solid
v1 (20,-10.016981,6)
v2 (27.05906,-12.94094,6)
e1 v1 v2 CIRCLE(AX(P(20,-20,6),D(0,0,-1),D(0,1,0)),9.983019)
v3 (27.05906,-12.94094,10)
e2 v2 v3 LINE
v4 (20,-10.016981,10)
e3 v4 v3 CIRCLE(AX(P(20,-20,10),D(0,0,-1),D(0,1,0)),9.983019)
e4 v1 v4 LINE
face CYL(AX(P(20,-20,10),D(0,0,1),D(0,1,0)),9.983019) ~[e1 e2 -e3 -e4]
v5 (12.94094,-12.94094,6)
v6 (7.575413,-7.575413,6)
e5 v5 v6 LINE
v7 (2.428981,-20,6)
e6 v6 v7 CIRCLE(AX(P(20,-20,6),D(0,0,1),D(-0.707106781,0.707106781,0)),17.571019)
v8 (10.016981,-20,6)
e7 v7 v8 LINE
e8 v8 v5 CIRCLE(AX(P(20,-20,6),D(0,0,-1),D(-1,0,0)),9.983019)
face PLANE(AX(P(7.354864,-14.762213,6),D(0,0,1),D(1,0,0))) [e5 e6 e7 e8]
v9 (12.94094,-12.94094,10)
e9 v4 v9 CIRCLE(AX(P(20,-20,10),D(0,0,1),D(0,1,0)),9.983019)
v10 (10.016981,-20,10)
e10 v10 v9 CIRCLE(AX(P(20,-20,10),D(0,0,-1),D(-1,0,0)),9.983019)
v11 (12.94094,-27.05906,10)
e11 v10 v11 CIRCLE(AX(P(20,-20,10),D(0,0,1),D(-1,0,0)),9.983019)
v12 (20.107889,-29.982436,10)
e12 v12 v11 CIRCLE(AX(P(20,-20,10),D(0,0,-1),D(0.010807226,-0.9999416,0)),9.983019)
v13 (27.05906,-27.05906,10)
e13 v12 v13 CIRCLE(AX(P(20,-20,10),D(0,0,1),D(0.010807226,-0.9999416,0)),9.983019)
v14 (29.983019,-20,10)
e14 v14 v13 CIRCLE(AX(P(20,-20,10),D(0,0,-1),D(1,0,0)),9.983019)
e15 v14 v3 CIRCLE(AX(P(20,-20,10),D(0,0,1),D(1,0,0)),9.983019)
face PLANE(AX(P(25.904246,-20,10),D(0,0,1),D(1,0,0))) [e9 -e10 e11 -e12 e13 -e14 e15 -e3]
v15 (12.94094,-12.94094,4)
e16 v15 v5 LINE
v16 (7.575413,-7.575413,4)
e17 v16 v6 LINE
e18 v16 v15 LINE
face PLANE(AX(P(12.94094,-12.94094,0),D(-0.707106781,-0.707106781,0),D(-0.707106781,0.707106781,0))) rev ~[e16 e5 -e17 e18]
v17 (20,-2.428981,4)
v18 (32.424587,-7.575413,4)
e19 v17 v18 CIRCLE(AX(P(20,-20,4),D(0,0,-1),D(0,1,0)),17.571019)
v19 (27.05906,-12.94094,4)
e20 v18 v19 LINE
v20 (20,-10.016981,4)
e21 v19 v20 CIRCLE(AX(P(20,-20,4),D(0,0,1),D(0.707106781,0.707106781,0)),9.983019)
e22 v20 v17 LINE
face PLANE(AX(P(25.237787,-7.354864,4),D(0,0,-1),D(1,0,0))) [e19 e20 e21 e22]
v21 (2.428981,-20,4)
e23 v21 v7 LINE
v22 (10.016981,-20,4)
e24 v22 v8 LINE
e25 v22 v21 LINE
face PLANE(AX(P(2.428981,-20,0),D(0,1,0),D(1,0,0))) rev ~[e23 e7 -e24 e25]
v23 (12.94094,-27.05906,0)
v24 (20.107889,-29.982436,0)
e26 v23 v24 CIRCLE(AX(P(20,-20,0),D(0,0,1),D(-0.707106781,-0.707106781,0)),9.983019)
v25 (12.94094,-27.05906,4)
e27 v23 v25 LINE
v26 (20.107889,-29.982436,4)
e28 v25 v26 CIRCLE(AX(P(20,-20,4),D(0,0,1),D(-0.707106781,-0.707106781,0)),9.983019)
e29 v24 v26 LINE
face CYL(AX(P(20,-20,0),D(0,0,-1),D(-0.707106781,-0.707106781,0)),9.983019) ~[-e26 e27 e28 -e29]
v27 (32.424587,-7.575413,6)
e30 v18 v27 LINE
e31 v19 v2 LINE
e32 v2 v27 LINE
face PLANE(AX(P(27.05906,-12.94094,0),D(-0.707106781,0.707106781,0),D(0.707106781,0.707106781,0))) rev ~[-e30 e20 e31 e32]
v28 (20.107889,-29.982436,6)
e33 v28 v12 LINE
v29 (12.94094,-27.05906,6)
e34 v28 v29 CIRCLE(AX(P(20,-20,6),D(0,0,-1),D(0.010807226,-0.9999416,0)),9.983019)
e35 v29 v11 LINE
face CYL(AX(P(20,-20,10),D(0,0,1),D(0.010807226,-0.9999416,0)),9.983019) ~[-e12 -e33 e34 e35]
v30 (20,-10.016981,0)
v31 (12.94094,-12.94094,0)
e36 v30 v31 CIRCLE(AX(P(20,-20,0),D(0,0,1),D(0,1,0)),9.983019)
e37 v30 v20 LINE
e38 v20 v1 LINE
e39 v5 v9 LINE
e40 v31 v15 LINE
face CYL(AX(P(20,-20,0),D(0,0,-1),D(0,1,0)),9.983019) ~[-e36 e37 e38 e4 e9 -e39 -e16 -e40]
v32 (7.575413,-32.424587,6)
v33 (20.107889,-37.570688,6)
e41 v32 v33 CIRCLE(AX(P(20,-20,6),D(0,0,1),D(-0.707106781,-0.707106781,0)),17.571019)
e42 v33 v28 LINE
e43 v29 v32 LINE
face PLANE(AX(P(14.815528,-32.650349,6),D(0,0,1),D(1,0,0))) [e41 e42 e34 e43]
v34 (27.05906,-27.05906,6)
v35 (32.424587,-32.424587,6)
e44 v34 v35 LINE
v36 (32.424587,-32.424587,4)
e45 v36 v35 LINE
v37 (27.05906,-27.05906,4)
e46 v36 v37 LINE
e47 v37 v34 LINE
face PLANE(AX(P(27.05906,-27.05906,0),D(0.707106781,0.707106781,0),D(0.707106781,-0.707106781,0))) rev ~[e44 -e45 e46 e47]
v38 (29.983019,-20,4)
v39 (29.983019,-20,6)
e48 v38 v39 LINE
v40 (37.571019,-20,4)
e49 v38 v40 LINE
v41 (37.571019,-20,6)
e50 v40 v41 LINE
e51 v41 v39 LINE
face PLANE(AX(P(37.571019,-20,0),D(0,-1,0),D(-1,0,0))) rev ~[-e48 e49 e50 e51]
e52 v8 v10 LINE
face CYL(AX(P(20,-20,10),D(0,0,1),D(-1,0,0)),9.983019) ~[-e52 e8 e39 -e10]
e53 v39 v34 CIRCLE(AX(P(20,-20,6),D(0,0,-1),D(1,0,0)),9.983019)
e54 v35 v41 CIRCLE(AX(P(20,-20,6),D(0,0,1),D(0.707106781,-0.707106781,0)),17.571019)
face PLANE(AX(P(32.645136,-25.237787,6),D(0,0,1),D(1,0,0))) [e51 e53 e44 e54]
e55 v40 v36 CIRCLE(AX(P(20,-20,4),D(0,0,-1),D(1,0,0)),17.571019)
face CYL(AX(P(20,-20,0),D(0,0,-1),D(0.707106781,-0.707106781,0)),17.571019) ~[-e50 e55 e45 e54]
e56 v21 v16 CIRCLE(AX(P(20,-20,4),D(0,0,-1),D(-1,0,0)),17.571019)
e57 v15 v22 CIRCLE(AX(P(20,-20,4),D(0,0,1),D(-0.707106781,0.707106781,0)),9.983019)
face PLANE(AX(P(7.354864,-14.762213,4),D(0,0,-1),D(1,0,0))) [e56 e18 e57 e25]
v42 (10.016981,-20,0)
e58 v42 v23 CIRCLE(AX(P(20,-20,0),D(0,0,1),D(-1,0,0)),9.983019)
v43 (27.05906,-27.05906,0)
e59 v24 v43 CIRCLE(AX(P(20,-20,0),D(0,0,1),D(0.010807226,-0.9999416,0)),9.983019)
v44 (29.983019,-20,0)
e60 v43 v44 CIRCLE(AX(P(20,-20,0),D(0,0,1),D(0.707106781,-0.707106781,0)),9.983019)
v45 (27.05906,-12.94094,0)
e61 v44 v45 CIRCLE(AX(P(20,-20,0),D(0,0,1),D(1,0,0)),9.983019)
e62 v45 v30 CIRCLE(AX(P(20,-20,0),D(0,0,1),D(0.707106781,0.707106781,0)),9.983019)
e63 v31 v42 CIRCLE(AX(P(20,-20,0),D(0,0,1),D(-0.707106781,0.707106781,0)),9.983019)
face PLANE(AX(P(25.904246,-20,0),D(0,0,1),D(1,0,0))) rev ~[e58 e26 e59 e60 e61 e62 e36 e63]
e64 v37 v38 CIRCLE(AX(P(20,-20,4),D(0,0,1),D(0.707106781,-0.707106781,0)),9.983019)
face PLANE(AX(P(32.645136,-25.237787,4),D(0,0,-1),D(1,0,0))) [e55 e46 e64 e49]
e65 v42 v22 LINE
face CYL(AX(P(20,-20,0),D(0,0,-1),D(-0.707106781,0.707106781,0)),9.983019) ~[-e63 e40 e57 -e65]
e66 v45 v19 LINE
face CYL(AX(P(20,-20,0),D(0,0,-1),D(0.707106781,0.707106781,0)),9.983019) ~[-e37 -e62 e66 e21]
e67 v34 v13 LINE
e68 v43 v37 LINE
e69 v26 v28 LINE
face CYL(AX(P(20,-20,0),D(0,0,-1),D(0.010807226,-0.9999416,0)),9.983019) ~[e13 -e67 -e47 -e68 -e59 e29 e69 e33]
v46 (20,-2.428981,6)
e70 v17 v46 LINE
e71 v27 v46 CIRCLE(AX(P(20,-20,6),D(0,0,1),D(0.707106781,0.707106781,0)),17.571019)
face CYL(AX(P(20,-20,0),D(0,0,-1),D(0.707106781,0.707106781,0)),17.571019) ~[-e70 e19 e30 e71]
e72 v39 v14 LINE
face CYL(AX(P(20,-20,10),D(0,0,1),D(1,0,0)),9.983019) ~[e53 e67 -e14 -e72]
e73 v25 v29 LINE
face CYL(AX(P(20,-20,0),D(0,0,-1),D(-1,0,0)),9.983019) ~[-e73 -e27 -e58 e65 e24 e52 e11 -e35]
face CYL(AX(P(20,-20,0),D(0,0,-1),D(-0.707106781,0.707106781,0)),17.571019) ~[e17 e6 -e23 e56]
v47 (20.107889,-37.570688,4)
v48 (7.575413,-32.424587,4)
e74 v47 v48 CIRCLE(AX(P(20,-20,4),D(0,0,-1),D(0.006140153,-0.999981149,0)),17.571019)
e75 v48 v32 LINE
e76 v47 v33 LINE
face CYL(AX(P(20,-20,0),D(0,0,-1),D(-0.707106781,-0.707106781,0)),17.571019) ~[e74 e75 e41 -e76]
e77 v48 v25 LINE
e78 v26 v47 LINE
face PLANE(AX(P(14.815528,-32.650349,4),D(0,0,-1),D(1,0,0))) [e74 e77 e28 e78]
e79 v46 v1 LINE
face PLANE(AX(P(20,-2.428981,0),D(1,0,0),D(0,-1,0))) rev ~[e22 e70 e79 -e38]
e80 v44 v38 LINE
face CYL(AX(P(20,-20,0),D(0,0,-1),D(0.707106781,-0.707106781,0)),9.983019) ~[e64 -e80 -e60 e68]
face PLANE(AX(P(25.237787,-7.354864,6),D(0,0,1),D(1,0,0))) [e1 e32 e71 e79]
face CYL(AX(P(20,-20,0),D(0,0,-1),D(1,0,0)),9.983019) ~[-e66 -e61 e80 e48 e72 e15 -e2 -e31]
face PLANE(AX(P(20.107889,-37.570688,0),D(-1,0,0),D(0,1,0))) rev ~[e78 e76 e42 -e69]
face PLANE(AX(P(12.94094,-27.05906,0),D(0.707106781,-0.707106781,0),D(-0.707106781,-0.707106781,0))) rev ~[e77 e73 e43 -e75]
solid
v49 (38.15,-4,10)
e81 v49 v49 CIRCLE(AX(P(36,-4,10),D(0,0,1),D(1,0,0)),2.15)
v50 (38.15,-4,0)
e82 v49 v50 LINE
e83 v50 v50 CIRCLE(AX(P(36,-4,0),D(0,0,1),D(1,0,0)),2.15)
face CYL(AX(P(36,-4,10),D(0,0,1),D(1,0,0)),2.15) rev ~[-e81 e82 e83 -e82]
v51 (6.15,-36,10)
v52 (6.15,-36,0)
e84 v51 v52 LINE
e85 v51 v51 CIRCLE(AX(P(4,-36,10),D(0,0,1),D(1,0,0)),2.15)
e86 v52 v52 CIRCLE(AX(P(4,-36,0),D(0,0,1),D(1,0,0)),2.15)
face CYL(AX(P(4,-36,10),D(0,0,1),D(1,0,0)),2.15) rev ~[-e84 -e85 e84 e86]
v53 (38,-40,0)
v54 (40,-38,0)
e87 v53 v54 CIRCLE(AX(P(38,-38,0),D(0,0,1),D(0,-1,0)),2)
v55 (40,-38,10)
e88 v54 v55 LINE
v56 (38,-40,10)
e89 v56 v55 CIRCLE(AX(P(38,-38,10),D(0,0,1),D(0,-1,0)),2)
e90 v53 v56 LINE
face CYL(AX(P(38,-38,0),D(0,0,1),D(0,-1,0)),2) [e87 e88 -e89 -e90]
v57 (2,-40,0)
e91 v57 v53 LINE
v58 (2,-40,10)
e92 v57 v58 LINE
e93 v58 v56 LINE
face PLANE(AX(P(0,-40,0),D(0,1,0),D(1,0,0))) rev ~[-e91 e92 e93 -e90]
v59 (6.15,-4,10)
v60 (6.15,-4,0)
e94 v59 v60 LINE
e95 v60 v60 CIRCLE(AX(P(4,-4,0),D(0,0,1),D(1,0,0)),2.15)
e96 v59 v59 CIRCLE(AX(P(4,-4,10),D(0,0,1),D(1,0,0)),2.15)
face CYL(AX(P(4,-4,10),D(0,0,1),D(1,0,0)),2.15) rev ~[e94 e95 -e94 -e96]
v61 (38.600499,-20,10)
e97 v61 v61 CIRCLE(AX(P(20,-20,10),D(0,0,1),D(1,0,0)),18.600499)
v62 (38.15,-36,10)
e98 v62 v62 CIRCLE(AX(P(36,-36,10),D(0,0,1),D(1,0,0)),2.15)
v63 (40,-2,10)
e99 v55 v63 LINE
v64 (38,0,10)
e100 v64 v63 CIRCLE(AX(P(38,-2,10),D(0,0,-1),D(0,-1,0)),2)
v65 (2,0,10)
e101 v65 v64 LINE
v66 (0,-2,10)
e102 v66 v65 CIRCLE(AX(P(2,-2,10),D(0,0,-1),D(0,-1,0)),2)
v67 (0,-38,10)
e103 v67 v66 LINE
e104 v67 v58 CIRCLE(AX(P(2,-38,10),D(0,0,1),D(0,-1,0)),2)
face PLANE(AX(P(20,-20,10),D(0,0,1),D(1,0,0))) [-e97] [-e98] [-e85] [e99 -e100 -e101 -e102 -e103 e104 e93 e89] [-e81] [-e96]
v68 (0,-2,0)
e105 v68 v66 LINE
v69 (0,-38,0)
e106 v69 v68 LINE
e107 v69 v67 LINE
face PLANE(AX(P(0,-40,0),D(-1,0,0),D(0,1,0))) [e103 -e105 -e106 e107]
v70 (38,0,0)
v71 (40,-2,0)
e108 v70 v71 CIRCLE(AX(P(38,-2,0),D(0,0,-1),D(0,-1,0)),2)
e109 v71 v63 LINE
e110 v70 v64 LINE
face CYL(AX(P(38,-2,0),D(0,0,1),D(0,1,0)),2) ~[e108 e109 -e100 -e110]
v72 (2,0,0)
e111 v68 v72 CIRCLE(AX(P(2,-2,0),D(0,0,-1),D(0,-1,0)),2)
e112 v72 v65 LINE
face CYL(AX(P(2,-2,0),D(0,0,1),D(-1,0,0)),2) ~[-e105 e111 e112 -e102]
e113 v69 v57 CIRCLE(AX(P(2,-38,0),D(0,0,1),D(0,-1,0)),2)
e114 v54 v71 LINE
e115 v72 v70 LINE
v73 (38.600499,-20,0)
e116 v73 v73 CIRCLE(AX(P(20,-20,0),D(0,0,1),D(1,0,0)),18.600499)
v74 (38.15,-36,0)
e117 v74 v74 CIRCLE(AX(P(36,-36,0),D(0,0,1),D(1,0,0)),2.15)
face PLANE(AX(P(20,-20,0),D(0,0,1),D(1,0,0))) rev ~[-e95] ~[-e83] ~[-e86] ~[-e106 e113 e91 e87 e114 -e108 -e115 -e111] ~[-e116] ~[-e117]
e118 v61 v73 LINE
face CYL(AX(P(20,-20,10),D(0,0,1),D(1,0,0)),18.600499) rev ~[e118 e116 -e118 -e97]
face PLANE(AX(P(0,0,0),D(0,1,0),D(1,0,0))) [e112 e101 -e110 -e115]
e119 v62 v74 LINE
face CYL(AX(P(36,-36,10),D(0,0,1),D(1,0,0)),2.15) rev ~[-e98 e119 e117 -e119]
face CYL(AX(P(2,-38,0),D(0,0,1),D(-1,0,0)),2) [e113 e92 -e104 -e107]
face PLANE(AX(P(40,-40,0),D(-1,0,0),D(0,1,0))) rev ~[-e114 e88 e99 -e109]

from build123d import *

# Parameters (mm, degrees)
F0_W      = 40
F0_H      = 40
F1_DEPTH  = 10
F2_R      = 18.6004987273
F3_DEPTH  = 25
F5_DEPTH  = 10
F6_R      = 2.15
F7_DEPTH  = 25
F8_R      = 2
F10_DEPTH = 4
F12_DEPTH = 4


with BuildPart() as f1:
    # F0 (on Top) → F1 (new body)
    with BuildSketch(Plane.XY):
        with Locations((20, -20)):
            Rectangle(F0_W, F0_H)
    extrude(amount=F1_DEPTH)

    # F2 (on face) → F3 (cut)
    with BuildSketch(Plane.XY.offset(10)):
        with Locations((20, -20)):
            Circle(F2_R)
    extrude(amount=-F3_DEPTH, mode=Mode.SUBTRACT)

    # F6 (on face) → F7 (cut)
    with BuildSketch(Plane.XY.offset(10)):
        with Locations((4, -4)):
            Circle(F6_R)
        with Locations((4, -36)):
            Circle(F6_R)
        with Locations((36, -4)):
            Circle(F6_R)
        with Locations((36, -36)):
            Circle(F6_R)
    extrude(amount=-F7_DEPTH, mode=Mode.SUBTRACT)

    # F8
    f8_edges = [f1.edges().sort_by_distance(p)[0] for p in [
        (0, 0, 5),
        (40, 0, 5),
        (40, -40, 5),
        (0, -40, 5),
    ]]
    fillet(f8_edges, radius=F8_R)


with BuildPart() as f5:
    # F4 (on Top) → F5 (new body, through all)
    with BuildSketch(Plane.XY):
        with BuildLine():
            ThreePointArc((27.0590603092, -27.0590603092), (29.2231067668, -23.82033591), (29.9830188268, -20))
            ThreePointArc((29.9830188268, -20), (29.2231067668, -16.17966409), (27.0590603092, -12.9409396908))
            Line((27.0590603092, -12.9409396908), (20, -20))
            Line((20, -20), (27.0590603092, -27.0590603092))
        make_face()
        with BuildLine():
            Line((37.5710188268, -20), (29.9830188268, -20))
            ThreePointArc((29.9830188268, -20), (29.2231067668, -23.82033591), (27.0590603092, -27.0590603092))
            Line((27.0590603092, -27.0590603092), (32.4245865648, -32.4245865648))
            ThreePointArc((32.4245865648, -32.4245865648), (36.2335046595, -26.7241377948), (37.5710188268, -20))
        make_face()
        with BuildLine():
            Line((20, -20), (27.0590603092, -12.9409396908))
            ThreePointArc((27.0590603092, -12.9409396908), (23.82033591, -10.7768932332), (20, -10.0169811732))
            ThreePointArc((20, -10.0169811732), (16.17966409, -10.7768932332), (12.9409396908, -12.9409396908))
            Line((12.9409396908, -12.9409396908), (20, -20))
        make_face()
        with BuildLine():
            ThreePointArc((20, -10.0169811732), (23.82033591, -10.7768932332), (27.0590603092, -12.9409396908))
            Line((27.0590603092, -12.9409396908), (32.4245865648, -7.5754134352))
            ThreePointArc((32.4245865648, -7.5754134352), (26.7241377948, -3.7664953405), (20, -2.4289811732))
            Line((20, -2.4289811732), (20, -10.0169811732))
        make_face()
        with BuildLine():
            ThreePointArc((20.1078887367, -29.9824358208), (23.8701189584, -29.2023281915), (27.0590603092, -27.0590603092))
            Line((27.0590603092, -27.0590603092), (20, -20))
            Line((20, -20), (12.9409396908, -27.0590603092))
            ThreePointArc((12.9409396908, -27.0590603092), (16.2295586925, -29.2436160264), (20.1078887367, -29.9824358208))
        make_face()
        with BuildLine():
            Line((12.9409396908, -27.0590603092), (20, -20))
            Line((20, -20), (12.9409396908, -12.9409396908))
            ThreePointArc((12.9409396908, -12.9409396908), (10.7768932332, -16.17966409), (10.0169811732, -20))
            ThreePointArc((10.0169811732, -20), (10.7768932332, -23.82033591), (12.9409396908, -27.0590603092))
        make_face()
        with BuildLine():
            Line((20.1078887367, -37.5706875971), (20.1078887367, -29.9824358208))
            ThreePointArc((20.1078887367, -29.9824358208), (16.2295586925, -29.2436160264), (12.9409396908, -27.0590603092))
            Line((12.9409396908, -27.0590603092), (7.5754134352, -32.4245865648))
            ThreePointArc((7.5754134352, -32.4245865648), (13.325732227, -36.2540718685), (20.1078887367, -37.5706875971))
        make_face()
        with BuildLine():
            ThreePointArc((10.0169811732, -20), (10.7768932332, -16.17966409), (12.9409396908, -12.9409396908))
            Line((12.9409396908, -12.9409396908), (7.5754134352, -7.5754134352))
            ThreePointArc((7.5754134352, -7.5754134352), (3.7664953405, -13.2758622052), (2.4289811732, -20))
            Line((2.4289811732, -20), (10.0169811732, -20))
        make_face()
    extrude(amount=F5_DEPTH)

    # F9 (on face) → F10 (cut)
    with BuildSketch(Plane.XY.offset(10)):
        with BuildLine():
            Line((37.5710188268, -20), (29.9830188268, -20))
            ThreePointArc((29.9830188268, -20), (29.2231067668, -23.82033591), (27.0590603092, -27.0590603092))
            Line((27.0590603092, -27.0590603092), (32.4245865648, -32.4245865648))
            ThreePointArc((32.4245865648, -32.4245865648), (36.2335046595, -26.7241377948), (37.5710188268, -20))
        make_face()
        with BuildLine():
            ThreePointArc((20.1078887367, -29.9824358208), (16.2295586925, -29.2436160264), (12.9409396908, -27.0590603092))
            Line((12.9409396908, -27.0590603092), (7.5754134352, -32.4245865648))
            ThreePointArc((7.5754134352, -32.4245865648), (13.325732227, -36.2540718685), (20.1078887367, -37.5706875971))
            Line((20.1078887367, -37.5706875971), (20.1078887367, -29.9824358208))
        make_face()
        with BuildLine():
            ThreePointArc((10.0169811732, -20), (10.7768932332, -16.17966409), (12.9409396908, -12.9409396908))
            Line((12.9409396908, -12.9409396908), (7.5754134352, -7.5754134352))
            ThreePointArc((7.5754134352, -7.5754134352), (3.7664953405, -13.2758622052), (2.4289811732, -20))
            Line((2.4289811732, -20), (10.0169811732, -20))
        make_face()
        with BuildLine():
            ThreePointArc((32.4245865648, -7.5754134352), (26.7241377948, -3.7664953405), (20, -2.4289811732))
            Line((20, -2.4289811732), (20, -10.0169811732))
            ThreePointArc((20, -10.0169811732), (23.82033591, -10.7768932332), (27.0590603092, -12.9409396908))
            Line((27.0590603092, -12.9409396908), (32.4245865648, -7.5754134352))
        make_face()
    extrude(amount=-F10_DEPTH, mode=Mode.SUBTRACT)

    # F11 (on face) → F12 (cut)
    with BuildSketch(Plane(origin=(0, 0, 0), x_dir=(1, 0, 0), z_dir=(0, 0, -1))):
        with BuildLine():
            Line((7.5754134352, 7.5754134352), (12.9409396908, 12.9409396908))
            ThreePointArc((12.9409396908, 12.9409396908), (10.7768932332, 16.17966409), (10.0169811732, 20))
            Line((10.0169811732, 20), (2.4289811732, 20))
            ThreePointArc((2.4289811732, 20), (3.7664953405, 13.2758622052), (7.5754134352, 7.5754134352))
        make_face()
        with BuildLine():
            Line((7.5754134352, 32.4245865648), (12.9409396908, 27.0590603092))
            ThreePointArc((12.9409396908, 27.0590603092), (16.2295586925, 29.2436160264), (20.1078887367, 29.9824358208))
            Line((20.1078887367, 29.9824358208), (20.1078887367, 37.5706875971))
            ThreePointArc((20.1078887367, 37.5706875971), (13.325732227, 36.2540718685), (7.5754134352, 32.4245865648))
        make_face()
        with BuildLine():
            ThreePointArc((27.0590603092, 27.0590603092), (29.2231067668, 23.82033591), (29.9830188268, 20))
            Line((29.9830188268, 20), (37.5710188268, 20))
            ThreePointArc((37.5710188268, 20), (36.2335046595, 26.7241377948), (32.4245865648, 32.4245865648))
            Line((32.4245865648, 32.4245865648), (27.0590603092, 27.0590603092))
        make_face()
        with BuildLine():
            ThreePointArc((27.0590603092, 12.9409396908), (23.82033591, 10.7768932332), (20, 10.0169811732))
            Line((20, 10.0169811732), (20, 2.4289811732))
            ThreePointArc((20, 2.4289811732), (26.7241377948, 3.7664953405), (32.4245865648, 7.5754134352))
            Line((32.4245865648, 7.5754134352), (27.0590603092, 12.9409396908))
        make_face()
    extrude(amount=-F12_DEPTH, mode=Mode.SUBTRACT)


solid = Compound([f1.part, f5.part])
